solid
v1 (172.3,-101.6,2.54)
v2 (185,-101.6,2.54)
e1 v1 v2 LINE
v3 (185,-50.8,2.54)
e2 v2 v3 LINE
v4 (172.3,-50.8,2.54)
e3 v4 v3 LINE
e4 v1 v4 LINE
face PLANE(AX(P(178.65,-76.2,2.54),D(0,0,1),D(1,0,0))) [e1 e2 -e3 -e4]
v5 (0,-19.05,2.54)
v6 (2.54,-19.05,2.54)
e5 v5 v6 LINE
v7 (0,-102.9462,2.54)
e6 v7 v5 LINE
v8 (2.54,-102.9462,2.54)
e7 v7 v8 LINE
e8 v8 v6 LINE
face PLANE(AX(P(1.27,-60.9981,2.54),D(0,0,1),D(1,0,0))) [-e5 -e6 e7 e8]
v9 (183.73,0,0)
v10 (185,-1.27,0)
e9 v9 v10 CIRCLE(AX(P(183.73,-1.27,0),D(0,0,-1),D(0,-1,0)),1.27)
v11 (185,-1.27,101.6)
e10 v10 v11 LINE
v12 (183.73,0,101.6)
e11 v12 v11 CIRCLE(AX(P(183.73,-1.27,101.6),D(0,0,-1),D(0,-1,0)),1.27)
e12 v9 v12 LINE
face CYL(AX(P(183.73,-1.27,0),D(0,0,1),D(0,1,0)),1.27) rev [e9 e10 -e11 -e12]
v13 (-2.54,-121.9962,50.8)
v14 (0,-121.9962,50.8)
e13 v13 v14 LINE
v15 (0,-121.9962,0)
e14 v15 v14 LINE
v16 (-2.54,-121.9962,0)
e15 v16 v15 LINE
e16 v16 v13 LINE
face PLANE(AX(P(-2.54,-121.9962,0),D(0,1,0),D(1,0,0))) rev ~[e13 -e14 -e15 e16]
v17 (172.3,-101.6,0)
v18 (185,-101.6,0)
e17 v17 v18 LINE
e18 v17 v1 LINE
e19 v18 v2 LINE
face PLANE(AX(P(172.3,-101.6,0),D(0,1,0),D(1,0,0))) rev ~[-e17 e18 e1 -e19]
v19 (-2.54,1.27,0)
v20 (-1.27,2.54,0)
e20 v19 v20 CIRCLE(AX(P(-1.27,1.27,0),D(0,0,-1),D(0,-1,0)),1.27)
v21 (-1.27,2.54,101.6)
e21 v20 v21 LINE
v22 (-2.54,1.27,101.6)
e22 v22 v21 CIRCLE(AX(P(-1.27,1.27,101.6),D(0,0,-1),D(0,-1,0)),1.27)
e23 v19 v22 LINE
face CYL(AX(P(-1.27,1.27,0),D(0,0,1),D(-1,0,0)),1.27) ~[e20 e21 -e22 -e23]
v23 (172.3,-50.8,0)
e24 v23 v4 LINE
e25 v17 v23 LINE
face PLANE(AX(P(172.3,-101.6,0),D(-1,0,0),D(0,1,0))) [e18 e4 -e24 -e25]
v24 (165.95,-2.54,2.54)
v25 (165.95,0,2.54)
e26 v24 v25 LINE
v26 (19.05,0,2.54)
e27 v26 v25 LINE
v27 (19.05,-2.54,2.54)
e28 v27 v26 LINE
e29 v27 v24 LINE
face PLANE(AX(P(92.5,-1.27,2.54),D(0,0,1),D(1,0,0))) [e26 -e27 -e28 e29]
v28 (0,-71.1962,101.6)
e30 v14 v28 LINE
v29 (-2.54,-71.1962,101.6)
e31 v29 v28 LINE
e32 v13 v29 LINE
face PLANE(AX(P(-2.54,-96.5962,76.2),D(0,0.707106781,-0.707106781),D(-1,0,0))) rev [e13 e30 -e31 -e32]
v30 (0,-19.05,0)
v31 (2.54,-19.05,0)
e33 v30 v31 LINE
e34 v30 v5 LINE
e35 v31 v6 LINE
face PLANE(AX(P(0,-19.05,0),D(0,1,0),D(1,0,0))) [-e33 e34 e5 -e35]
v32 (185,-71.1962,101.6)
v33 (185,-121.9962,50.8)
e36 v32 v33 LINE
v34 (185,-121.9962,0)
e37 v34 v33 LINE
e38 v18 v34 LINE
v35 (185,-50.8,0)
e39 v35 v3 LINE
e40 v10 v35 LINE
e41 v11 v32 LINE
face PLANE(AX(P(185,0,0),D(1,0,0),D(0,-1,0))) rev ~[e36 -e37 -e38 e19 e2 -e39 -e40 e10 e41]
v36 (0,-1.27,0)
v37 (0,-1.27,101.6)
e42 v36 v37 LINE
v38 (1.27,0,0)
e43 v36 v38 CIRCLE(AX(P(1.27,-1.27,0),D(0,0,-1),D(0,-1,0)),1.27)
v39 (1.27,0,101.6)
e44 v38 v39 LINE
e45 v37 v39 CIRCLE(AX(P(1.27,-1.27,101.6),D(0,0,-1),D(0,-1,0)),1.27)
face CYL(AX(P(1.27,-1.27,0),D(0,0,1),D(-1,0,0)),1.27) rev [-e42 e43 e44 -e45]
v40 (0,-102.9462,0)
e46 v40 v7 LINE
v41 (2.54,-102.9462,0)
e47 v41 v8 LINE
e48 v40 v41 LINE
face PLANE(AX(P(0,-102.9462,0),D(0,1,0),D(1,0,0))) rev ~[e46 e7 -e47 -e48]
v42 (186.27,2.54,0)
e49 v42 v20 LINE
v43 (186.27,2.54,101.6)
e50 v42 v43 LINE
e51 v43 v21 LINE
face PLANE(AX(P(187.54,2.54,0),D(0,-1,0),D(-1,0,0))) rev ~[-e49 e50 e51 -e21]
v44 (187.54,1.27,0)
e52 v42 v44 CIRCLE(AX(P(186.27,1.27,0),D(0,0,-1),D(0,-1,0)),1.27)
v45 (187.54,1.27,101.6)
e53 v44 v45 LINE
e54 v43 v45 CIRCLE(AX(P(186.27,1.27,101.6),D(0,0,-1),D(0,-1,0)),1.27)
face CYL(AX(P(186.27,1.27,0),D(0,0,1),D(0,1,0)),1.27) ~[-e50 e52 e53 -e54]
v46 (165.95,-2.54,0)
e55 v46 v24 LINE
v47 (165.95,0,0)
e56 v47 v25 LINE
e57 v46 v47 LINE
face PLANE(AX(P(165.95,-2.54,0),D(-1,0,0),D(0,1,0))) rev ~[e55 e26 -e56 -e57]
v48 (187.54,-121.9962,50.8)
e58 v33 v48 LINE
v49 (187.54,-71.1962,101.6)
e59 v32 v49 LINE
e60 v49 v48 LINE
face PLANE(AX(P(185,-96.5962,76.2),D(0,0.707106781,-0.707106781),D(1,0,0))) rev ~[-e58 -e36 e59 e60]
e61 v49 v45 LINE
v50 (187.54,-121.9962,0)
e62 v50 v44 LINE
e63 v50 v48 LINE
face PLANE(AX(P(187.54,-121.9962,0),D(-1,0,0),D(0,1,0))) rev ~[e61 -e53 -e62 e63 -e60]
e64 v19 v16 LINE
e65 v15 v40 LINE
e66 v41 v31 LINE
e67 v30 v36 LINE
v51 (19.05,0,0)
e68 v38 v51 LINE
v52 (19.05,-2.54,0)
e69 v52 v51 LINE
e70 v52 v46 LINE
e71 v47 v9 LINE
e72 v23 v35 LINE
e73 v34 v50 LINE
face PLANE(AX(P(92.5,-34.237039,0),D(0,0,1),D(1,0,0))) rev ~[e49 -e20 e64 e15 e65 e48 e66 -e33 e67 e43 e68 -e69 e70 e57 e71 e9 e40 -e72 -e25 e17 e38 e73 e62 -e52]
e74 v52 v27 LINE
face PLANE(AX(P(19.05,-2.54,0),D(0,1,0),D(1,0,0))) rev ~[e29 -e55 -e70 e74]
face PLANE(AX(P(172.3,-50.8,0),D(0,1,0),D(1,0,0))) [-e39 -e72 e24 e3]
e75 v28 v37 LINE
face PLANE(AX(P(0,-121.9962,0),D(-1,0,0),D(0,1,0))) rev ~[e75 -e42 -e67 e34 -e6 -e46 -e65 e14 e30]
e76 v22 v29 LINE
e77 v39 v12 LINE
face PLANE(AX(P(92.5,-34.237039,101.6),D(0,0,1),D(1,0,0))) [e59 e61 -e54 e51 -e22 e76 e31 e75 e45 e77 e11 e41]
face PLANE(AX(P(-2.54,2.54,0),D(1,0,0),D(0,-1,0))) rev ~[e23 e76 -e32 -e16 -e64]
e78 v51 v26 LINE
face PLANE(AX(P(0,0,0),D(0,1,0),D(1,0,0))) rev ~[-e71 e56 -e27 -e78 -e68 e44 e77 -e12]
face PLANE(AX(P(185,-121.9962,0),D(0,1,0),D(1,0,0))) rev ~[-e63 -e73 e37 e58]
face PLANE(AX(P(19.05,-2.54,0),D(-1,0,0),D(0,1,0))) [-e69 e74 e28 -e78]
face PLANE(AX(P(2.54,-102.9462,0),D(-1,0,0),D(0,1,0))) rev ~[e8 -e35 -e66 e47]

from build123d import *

# Parameters (mm, degrees)
PAD_DEPTH     = 101.6
SKETCH001_W   = 2.54
SKETCH001_H   = 83.8962
SKETCH001_W_2 = 12.7
SKETCH001_H_2 = 50.8
SKETCH001_W_3 = 146.9
SKETCH001_H_3 = 2.54
PAD001_DEPTH  = 2.54
CHAMFER_SIZE  = 50.8
FILLET_R      = 1.27


with BuildPart() as part:
    # Sketch → Pad (new body)
    with BuildSketch(Plane.XY):
        Polygon((-2.54, 2.54), (-2.54, -121.9962), (0, -121.9962), (0, 0), (185, 0), (185, -121.9962), (187.54, -121.9962), (187.54, 2.54), align=None)
    extrude(amount=PAD_DEPTH)

    # Sketch001 → Pad001 (join)
    with BuildSketch(Plane.XY):
        with Locations((1.27, -60.9981)):
            Rectangle(SKETCH001_W, SKETCH001_H)
        with Locations((178.65, -76.2)):
            Rectangle(SKETCH001_W_2, SKETCH001_H_2)
        with Locations((92.5, -1.27)):
            Rectangle(SKETCH001_W_3, SKETCH001_H_3)
    extrude(amount=PAD001_DEPTH)

    # Chamfer
    chamfer_edges = [part.edges().sort_by_distance(p)[0] for p in [
        (-1.27, -121.9962, 101.6),
        (186.27, -121.9962, 101.6),
    ]]
    chamfer(chamfer_edges, length=CHAMFER_SIZE)

    # Fillet
    fillet_edges = [part.edges().sort_by_distance(p)[0] for p in [
        (185, 0, 50.8),
        (0, 0, 50.8),
        (-2.54, 2.54, 50.8),
        (187.54, 2.54, 50.8),
    ]]
    fillet(fillet_edges, radius=FILLET_R)


solid = part.part
